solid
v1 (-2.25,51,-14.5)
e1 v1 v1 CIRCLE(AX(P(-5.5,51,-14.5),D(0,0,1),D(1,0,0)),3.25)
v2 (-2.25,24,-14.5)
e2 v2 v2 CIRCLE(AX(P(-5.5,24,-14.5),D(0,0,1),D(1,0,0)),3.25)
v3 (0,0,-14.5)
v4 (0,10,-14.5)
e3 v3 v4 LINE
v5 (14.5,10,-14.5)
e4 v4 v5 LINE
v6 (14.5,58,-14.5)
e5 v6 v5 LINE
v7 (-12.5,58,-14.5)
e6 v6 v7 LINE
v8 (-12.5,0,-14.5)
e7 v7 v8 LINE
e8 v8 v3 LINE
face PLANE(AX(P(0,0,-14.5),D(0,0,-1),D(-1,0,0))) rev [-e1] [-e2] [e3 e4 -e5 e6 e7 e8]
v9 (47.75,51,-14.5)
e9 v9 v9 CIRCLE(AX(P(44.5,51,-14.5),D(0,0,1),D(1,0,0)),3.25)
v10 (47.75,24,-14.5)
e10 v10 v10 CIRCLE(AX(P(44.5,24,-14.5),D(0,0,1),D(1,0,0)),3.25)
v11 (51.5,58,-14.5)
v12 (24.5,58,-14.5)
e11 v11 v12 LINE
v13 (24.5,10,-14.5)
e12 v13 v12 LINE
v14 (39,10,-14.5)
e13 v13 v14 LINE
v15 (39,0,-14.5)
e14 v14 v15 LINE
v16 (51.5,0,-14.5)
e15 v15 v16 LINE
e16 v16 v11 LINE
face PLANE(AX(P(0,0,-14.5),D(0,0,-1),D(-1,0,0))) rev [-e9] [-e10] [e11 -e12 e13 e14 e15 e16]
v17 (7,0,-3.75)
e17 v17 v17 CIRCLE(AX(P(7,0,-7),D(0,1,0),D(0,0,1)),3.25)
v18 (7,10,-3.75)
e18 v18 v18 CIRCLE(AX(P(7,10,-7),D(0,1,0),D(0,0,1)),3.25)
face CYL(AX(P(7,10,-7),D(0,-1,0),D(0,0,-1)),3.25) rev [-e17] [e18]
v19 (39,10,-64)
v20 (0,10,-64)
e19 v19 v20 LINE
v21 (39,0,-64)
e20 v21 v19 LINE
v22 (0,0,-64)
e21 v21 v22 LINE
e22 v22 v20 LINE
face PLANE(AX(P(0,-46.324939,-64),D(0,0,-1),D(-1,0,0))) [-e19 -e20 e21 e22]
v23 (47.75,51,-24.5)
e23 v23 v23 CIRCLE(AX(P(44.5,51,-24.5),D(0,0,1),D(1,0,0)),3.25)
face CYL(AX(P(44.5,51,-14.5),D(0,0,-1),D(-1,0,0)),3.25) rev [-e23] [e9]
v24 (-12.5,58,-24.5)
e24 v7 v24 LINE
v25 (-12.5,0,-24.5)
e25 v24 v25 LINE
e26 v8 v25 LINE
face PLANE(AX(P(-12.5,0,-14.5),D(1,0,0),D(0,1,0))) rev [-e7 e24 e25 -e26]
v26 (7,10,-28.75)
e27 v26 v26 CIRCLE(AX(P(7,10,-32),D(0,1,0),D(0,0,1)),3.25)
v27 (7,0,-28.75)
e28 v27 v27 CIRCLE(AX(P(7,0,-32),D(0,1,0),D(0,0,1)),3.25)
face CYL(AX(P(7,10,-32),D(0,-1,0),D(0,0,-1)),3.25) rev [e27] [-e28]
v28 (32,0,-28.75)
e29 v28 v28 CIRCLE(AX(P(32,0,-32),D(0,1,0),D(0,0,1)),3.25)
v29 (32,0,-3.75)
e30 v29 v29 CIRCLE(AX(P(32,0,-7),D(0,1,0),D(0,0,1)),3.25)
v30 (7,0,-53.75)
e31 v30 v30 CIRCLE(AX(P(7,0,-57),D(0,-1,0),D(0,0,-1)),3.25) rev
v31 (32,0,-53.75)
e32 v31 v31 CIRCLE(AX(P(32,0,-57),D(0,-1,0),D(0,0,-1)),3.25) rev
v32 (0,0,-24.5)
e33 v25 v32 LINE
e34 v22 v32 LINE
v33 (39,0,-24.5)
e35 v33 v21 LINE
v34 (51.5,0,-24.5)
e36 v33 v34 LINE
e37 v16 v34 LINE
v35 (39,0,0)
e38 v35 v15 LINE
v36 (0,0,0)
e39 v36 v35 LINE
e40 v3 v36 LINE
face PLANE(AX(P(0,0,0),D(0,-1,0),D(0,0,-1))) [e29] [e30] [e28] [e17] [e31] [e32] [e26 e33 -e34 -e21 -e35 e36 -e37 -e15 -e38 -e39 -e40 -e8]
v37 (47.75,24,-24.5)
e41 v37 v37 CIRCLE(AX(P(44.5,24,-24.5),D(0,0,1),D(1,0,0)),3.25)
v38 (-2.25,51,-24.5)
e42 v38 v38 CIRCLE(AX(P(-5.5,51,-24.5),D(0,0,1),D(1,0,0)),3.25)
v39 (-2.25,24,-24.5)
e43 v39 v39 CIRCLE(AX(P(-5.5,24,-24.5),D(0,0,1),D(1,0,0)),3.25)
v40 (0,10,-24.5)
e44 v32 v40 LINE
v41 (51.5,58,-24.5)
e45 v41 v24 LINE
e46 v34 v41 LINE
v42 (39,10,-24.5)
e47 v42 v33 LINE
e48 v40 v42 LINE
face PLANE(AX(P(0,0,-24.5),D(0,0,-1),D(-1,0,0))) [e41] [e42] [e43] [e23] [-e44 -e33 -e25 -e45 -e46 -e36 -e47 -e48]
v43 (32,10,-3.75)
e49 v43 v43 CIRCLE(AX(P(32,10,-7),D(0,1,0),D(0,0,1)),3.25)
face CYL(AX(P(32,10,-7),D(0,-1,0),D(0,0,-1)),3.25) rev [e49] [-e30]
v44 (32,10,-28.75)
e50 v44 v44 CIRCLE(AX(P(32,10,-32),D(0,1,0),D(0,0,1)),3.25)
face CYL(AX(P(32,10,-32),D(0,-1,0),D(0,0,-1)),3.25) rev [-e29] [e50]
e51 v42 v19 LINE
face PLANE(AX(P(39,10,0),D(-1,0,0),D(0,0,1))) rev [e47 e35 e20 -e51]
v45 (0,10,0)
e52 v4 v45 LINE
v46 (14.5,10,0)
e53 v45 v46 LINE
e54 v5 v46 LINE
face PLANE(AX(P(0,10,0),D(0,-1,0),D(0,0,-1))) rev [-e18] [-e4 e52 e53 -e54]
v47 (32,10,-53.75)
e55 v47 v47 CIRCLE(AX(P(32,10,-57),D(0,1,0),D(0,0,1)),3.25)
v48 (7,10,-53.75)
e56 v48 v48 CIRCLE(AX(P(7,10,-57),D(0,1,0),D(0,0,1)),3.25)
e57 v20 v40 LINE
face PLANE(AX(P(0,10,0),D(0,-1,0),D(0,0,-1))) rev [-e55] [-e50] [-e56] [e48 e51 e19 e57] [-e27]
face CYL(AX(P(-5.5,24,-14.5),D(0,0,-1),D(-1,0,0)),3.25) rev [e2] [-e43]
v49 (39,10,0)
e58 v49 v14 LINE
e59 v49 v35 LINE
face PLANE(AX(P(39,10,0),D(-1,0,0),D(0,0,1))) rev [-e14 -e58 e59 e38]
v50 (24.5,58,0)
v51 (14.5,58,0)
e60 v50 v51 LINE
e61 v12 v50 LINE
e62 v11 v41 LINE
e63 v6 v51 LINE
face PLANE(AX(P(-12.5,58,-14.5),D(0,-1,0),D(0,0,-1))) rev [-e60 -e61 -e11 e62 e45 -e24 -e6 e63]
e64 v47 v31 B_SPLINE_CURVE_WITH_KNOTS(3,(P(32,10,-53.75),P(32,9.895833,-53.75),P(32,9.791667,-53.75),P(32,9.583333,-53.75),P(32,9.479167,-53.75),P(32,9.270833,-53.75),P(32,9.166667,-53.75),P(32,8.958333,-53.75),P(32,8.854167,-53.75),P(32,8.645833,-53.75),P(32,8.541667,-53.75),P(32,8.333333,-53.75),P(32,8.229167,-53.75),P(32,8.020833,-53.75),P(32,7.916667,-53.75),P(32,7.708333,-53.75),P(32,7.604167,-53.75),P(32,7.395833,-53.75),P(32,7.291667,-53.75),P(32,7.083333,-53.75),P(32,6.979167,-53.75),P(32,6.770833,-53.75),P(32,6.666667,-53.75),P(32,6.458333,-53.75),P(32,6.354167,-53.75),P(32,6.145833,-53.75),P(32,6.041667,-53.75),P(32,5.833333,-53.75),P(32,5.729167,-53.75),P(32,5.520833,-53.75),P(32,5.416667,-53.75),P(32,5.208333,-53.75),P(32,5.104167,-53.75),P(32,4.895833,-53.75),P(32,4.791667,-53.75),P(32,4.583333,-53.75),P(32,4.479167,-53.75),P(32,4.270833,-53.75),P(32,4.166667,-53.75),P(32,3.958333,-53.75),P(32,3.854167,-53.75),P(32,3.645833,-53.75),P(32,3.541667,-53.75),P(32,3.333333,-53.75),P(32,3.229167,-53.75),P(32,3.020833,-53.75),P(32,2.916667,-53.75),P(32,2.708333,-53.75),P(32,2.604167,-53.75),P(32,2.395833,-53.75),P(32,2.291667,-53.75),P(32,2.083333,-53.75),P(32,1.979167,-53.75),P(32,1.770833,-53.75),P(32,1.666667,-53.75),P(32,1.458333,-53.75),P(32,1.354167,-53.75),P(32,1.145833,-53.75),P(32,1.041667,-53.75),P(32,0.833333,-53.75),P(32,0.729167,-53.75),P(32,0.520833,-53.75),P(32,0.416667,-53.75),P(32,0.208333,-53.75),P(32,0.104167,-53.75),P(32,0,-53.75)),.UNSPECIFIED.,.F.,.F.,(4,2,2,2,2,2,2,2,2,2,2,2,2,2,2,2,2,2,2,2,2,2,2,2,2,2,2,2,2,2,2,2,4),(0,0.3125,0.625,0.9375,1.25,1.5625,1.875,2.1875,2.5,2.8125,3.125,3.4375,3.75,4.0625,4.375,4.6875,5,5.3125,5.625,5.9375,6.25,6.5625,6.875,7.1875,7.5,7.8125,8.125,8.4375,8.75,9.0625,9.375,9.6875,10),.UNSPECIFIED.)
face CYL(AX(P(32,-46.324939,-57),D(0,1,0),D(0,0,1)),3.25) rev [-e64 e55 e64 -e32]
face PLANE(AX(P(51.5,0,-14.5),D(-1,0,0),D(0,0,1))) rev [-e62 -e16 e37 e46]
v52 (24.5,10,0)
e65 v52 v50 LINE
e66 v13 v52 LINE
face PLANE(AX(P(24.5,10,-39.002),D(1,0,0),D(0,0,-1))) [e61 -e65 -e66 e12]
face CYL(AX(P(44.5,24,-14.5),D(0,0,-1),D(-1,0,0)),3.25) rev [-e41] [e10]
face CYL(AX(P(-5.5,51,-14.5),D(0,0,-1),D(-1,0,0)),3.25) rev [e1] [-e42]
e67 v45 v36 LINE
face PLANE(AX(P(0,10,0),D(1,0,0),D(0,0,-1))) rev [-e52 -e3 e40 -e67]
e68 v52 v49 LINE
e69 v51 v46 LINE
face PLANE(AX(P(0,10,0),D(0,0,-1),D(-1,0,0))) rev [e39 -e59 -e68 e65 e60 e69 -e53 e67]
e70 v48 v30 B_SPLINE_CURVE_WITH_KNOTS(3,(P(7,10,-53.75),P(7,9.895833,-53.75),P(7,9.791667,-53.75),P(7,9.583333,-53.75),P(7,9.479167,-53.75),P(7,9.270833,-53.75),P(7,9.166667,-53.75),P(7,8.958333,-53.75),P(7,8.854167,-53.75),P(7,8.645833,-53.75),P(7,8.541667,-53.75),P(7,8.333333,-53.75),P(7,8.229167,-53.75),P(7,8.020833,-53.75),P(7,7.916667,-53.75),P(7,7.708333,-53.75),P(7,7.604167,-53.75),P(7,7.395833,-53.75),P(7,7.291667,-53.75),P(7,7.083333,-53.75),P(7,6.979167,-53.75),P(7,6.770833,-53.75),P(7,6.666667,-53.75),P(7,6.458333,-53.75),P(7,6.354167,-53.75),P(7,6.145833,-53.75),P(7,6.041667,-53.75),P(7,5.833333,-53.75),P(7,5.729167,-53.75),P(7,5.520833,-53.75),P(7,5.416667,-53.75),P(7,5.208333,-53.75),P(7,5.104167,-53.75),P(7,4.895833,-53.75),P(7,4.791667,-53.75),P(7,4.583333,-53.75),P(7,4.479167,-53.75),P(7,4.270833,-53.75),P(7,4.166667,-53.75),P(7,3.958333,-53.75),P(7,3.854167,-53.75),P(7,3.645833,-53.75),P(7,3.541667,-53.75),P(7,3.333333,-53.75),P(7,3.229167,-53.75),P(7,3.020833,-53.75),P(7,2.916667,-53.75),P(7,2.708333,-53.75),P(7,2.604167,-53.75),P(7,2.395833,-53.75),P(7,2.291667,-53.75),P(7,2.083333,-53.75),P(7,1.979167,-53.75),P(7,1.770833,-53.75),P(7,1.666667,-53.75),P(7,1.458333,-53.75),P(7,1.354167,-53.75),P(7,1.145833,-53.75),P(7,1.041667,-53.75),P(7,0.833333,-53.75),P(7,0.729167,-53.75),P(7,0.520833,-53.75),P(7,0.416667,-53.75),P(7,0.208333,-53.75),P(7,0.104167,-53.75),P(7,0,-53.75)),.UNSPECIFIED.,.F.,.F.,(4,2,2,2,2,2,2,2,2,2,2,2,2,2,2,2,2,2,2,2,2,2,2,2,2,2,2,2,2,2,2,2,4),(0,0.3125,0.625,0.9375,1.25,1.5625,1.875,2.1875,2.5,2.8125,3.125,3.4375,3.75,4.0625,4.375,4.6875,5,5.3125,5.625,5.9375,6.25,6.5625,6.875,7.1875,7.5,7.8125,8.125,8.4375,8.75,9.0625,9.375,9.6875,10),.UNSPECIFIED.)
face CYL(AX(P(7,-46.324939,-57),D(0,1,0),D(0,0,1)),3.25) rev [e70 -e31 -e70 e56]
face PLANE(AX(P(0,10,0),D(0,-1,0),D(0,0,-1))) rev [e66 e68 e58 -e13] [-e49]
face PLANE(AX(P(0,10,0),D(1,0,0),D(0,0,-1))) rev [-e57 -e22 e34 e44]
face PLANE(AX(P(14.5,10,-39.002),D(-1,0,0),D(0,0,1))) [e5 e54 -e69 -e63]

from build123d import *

# Parameters (mm, degrees)
SKETCH1_W           = 39
SKETCH1_H           = 39
SKETCH1_R           = 3.25
BOSS_EXTRUDE1_DEPTH = 10
SKETCH2_W           = 64
SKETCH2_H           = 58
SKETCH2_R           = 3.25
BOSS_EXTRUDE2_DEPTH = 5
BOSS_EXTRUDE3_REACH = 88.817
SKETCH3_W           = 10
SKETCH3_H           = 48
SKETCH5_W           = 39
SKETCH5_H           = 25
SKETCH5_R           = 3.25
BOSS_EXTRUDE4_DEPTH = 10


with BuildPart() as part:
    # Sketch1 → Boss-Extrude1 (new body)
    with BuildSketch(Plane(origin=(0, 0, 0), x_dir=(1, 0, 0), z_dir=(0, 1, 0))):
        with Locations((19.5, 19.5)):
            Rectangle(SKETCH1_W, SKETCH1_H)
        with Locations(Location((7, 32, 0), (0, 0, 270))):
            Circle(SKETCH1_R, mode=Mode.SUBTRACT)
        with Locations(Location((32, 32, 0), (0, 0, 270))):
            Circle(SKETCH1_R, mode=Mode.SUBTRACT)
        with Locations(Location((32, 7, 0), (0, 0, 270))):
            Circle(SKETCH1_R, mode=Mode.SUBTRACT)
        with Locations(Location((7, 7, 0), (0, 0, 270))):
            Circle(SKETCH1_R, mode=Mode.SUBTRACT)
    extrude(amount=BOSS_EXTRUDE1_DEPTH)

    # Sketch2 → Boss-Extrude2 (add, symmetric)
    with BuildSketch(Plane.XY.offset(-19.5)):
        with Locations((19.5, 29)):
            Rectangle(SKETCH2_W, SKETCH2_H)
        with Locations((-5.5, 51)):
            Circle(SKETCH2_R, mode=Mode.SUBTRACT)
        with Locations((44.5, 51)):
            Circle(SKETCH2_R, mode=Mode.SUBTRACT)
        with Locations((-5.5, 24)):
            Circle(SKETCH2_R, mode=Mode.SUBTRACT)
        with Locations((44.5, 24)):
            Circle(SKETCH2_R, mode=Mode.SUBTRACT)
    extrude(amount=BOSS_EXTRUDE2_DEPTH, both=True)

    # Sketch3 → Boss-Extrude3 (add, up to next)
    with BuildSketch(Plane.XY, mode=Mode.PRIVATE) as boss_extrude3_sk1:
        with Locations((19.5, 34)):
            Rectangle(SKETCH3_W, SKETCH3_H)
    boss_extrude3_tool1 = extrude(boss_extrude3_sk1.sketch, amount=-BOSS_EXTRUDE3_REACH, mode=Mode.PRIVATE) - part.part
    add(boss_extrude3_tool1.solids().sort_by_distance((19.5, 34, 0))[0])

    # Sketch5 → Boss-Extrude4 (add)
    with BuildSketch(Plane(origin=(0, 10, 0), x_dir=(1, 0, 0), z_dir=(0, 1, 0))):
        with Locations((19.5, 51.5)):
            Rectangle(SKETCH5_W, SKETCH5_H)
        with Locations(Location((7, 57, 0), (0, 0, 270))):
            Circle(SKETCH5_R, mode=Mode.SUBTRACT)
        with Locations(Location((32, 57, 0), (0, 0, 270))):
            Circle(SKETCH5_R, mode=Mode.SUBTRACT)
    extrude(amount=-BOSS_EXTRUDE4_DEPTH)


solid = part.part
